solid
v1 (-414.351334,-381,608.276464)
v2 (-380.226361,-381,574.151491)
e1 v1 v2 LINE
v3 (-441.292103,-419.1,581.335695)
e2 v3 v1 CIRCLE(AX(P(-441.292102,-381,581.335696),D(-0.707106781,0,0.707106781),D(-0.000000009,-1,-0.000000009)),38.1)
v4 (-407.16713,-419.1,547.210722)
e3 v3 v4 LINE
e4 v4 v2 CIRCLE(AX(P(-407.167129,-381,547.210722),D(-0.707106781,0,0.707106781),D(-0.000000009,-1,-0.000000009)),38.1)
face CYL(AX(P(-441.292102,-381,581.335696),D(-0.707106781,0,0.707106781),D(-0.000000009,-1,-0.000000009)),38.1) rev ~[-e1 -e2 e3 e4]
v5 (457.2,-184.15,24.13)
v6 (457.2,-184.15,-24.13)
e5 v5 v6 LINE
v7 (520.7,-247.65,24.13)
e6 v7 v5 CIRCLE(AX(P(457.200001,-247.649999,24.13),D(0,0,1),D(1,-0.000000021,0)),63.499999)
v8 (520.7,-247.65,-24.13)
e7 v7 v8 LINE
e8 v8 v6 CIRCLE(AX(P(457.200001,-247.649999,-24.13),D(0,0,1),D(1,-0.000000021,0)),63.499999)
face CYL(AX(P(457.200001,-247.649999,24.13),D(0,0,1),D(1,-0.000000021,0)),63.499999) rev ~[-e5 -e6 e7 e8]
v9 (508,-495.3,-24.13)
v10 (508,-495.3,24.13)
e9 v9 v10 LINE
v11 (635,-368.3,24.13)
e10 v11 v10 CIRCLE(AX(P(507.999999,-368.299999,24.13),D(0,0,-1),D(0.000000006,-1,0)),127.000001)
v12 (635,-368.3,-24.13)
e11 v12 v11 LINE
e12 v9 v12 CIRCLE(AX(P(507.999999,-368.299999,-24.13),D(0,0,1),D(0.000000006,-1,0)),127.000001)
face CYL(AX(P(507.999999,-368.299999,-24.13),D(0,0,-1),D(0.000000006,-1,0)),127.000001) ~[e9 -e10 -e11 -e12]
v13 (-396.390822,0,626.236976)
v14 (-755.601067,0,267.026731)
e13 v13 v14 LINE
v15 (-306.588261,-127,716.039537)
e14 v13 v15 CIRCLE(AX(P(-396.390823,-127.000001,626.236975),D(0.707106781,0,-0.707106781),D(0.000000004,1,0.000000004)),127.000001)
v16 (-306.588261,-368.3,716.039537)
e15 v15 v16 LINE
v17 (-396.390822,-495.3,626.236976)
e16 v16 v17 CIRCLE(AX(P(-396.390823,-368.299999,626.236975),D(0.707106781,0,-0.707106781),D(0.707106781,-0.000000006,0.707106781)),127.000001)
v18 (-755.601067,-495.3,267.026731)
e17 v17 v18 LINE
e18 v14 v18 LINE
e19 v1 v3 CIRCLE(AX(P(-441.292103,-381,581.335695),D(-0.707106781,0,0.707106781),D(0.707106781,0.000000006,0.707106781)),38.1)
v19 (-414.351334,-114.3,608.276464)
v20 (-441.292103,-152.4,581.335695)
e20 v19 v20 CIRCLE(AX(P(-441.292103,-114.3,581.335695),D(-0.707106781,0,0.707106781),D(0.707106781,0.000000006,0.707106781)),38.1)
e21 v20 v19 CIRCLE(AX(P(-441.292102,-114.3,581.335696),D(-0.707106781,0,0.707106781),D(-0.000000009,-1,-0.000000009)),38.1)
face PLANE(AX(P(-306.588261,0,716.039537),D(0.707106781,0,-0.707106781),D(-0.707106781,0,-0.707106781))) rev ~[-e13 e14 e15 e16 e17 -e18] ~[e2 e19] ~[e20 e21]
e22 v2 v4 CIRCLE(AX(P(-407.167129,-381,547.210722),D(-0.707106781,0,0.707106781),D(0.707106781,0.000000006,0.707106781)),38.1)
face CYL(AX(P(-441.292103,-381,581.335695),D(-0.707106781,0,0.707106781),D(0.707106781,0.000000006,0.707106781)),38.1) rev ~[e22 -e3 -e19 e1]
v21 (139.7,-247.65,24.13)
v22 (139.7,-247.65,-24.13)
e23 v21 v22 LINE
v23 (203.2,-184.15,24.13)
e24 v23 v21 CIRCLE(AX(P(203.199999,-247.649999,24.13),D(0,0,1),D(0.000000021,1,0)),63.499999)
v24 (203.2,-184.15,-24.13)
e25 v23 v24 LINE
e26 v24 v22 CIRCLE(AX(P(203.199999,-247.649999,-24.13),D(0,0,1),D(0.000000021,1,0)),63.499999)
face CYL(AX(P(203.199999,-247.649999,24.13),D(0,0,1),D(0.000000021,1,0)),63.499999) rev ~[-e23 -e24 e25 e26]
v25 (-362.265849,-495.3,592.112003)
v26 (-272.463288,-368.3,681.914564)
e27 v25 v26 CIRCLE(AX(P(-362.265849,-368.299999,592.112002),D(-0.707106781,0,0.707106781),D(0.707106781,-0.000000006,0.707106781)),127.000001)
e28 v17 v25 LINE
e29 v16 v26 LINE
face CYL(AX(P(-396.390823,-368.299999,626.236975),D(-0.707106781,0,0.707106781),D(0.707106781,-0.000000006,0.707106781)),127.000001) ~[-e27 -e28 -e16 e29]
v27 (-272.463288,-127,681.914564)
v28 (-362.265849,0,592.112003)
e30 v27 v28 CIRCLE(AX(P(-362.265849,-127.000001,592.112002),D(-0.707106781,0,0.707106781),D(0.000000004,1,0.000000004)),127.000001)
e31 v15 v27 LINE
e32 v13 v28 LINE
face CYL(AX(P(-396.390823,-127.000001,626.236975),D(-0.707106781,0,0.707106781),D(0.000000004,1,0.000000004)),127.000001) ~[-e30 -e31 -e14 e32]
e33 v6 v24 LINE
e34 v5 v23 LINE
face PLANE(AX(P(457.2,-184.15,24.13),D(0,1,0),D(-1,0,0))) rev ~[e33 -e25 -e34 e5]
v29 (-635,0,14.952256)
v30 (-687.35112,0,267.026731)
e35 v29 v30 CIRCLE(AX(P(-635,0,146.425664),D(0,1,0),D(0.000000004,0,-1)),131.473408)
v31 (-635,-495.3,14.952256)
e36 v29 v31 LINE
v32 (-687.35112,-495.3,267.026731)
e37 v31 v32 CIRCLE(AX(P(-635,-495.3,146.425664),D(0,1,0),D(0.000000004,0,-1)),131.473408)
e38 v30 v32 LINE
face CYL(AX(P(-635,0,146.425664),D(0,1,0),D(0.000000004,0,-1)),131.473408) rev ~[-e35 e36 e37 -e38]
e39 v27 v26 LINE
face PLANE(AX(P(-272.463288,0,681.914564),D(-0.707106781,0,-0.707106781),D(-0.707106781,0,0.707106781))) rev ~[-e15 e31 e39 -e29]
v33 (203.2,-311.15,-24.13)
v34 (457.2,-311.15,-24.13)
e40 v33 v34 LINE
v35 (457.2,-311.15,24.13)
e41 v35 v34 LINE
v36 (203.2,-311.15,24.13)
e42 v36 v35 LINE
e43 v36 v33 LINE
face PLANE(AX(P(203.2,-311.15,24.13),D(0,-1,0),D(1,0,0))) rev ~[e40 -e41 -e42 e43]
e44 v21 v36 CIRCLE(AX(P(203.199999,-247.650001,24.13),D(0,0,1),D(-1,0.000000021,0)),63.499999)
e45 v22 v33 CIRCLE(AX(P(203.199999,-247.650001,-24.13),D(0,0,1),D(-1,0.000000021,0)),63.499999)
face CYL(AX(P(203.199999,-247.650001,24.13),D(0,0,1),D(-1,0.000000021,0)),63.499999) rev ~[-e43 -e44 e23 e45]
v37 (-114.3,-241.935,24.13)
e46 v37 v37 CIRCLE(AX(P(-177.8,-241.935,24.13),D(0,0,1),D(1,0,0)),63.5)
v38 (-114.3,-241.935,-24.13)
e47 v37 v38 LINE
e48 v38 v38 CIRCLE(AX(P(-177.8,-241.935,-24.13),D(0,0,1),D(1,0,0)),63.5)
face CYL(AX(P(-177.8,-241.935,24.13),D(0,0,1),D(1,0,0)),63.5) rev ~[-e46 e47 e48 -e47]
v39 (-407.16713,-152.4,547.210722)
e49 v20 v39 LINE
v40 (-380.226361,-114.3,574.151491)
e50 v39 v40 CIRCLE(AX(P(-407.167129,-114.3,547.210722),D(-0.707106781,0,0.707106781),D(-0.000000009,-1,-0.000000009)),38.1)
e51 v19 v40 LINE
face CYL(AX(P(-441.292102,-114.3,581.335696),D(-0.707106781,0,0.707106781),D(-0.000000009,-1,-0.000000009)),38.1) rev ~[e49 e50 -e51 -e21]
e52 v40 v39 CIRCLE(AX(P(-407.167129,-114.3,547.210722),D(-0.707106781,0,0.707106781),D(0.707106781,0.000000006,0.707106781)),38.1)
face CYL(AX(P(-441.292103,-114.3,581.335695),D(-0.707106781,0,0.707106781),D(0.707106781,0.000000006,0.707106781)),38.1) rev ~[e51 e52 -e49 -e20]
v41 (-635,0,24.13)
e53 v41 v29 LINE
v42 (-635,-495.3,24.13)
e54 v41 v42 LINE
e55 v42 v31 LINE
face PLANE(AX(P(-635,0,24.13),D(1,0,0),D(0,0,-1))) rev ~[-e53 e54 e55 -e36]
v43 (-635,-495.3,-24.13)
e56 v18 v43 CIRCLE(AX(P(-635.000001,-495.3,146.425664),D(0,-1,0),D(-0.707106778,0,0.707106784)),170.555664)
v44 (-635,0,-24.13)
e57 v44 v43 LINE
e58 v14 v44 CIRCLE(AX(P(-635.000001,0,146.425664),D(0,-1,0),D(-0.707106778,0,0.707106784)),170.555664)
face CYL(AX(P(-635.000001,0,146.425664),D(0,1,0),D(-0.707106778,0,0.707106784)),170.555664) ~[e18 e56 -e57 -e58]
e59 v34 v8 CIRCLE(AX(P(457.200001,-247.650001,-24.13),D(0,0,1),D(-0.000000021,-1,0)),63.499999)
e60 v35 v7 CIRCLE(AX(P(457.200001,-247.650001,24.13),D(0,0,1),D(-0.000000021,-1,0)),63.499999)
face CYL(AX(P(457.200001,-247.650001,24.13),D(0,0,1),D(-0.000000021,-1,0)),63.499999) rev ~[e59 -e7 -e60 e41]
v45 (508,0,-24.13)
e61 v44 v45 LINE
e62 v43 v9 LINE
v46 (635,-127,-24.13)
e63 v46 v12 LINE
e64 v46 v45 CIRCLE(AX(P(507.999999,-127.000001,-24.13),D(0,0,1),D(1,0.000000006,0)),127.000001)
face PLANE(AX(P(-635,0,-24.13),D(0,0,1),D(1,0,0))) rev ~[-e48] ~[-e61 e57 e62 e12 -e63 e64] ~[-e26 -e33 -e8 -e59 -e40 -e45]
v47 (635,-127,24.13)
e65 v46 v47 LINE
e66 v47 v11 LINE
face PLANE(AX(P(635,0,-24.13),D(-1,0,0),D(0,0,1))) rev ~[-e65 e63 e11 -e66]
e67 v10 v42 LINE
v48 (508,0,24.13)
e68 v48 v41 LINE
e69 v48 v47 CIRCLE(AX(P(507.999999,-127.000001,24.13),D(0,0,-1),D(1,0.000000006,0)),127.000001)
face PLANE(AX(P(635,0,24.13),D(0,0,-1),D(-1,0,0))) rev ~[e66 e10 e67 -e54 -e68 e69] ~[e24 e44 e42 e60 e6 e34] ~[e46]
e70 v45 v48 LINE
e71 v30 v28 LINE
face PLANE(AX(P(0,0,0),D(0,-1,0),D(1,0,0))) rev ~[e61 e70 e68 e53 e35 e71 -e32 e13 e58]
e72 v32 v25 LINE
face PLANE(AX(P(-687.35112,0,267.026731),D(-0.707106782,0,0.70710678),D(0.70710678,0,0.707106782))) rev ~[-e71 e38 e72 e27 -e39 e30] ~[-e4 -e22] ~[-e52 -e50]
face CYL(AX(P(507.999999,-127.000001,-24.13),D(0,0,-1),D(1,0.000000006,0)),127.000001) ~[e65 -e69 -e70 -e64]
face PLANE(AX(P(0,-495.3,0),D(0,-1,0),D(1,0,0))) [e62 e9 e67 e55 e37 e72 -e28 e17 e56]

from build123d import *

# Parameters (mm, degrees)
F1_DEPTH  = 495.3
F3_DEPTH  = 101.6
F4_R      = 63.5
F5_DEPTH  = 101.6
F7_DEPTH  = 127
F9_DEPTH  = 127
F11_DEPTH = 127
F13_DEPTH = 127


with BuildPart() as f1:
    # F0 (on Front) → F1 (new body)
    with BuildSketch(Plane.XZ):
        Polygon((635, -24.13), (635, 24.13), (-635, 24.13), (-635, 14.952256), (-635, -24.13), align=None)
        with BuildLine():
            Line((-635, -24.13), (-635, 14.952256))
            ThreePointArc((-635, 14.952256), (-763.72663, 119.691568), (-687.35112, 267.026731))
            Line((-687.35112, 267.026731), (-272.463288, 681.914564))
            Line((-272.463288, 681.914564), (-306.588261, 716.039537))
            Line((-306.588261, 716.039537), (-755.601067, 267.026731))
            ThreePointArc((-755.601067, 267.026731), (-792.572888, 81.156837), (-635, -24.13))
        make_face()
    extrude(amount=F1_DEPTH)

    # F2 (on face) → F3 (cut)
    with BuildSketch(Plane(origin=(-511.313899, 0, 511.313899), x_dir=(0, -1, 0), z_dir=(-0.707107, 0, 0.707107))):
        with BuildLine():
            ThreePointArc((152.4, 99.025774), (141.240768, 125.966543), (114.3, 137.125774))
            ThreePointArc((114.3, 137.125774), (87.359232, 72.085006), (152.4, 99.025774))
        make_face()
        with BuildLine():
            ThreePointArc((419.1, 99.025774), (407.940768, 125.966543), (381, 137.125774))
            ThreePointArc((381, 137.125774), (354.059232, 72.085006), (419.1, 99.025774))
        make_face()
    extrude(amount=-F3_DEPTH, mode=Mode.SUBTRACT)

    # F4 (on face) → F5 (cut)
    with BuildSketch(Plane.XY.offset(24.13)):
        with Locations((-177.8, -241.935)):
            Circle(F4_R)
        with BuildLine():
            Line((139.7, -247.65), (520.7, -247.65))
            ThreePointArc((520.7, -247.65), (502.101281, -202.748719), (457.2, -184.15))
            Line((457.2, -184.15), (203.2, -184.15))
            ThreePointArc((203.2, -184.15), (158.298719, -202.748719), (139.7, -247.65))
        make_face()
        with BuildLine():
            ThreePointArc((457.2, -311.15), (502.101281, -292.551281), (520.7, -247.65))
            Line((520.7, -247.65), (139.7, -247.65))
            ThreePointArc((139.7, -247.65), (158.298719, -292.551281), (203.2, -311.15))
            Line((203.2, -311.15), (457.2, -311.15))
        make_face()
    extrude(amount=-F5_DEPTH, mode=Mode.SUBTRACT)

    # F6 (on face) → F7 (cut)
    with BuildSketch(Plane(origin=(-511.313899, 0, 511.313899), x_dir=(0, -1, 0), z_dir=(-0.707107, 0, 0.707107))):
        with BuildLine():
            Line((127, 289.525774), (0, 289.525774))
            Line((0, 289.525774), (0, 162.525774))
            ThreePointArc((0, 162.525774), (37.197439, 252.328335), (127, 289.525774))
        make_face()
    extrude(amount=-F7_DEPTH, mode=Mode.SUBTRACT)

    # F8 (on face) → F9 (cut)
    with BuildSketch(Plane(origin=(-511.313899, 0, 511.313899), x_dir=(0, -1, 0), z_dir=(-0.707107, 0, 0.707107))):
        with BuildLine():
            Line((495.3, 162.525774), (495.3, 289.525774))
            Line((495.3, 289.525774), (368.3, 289.525774))
            ThreePointArc((368.3, 289.525774), (458.102561, 252.328335), (495.3, 162.525774))
        make_face()
    extrude(amount=-F9_DEPTH, mode=Mode.SUBTRACT)

    # F10 (on face) → F11 (cut)
    with BuildSketch(Plane(origin=(0, 0, -24.13), x_dir=(1, 0, 0), z_dir=(0, 0, -1))):
        with BuildLine():
            Line((635, 368.3), (635, 495.3))
            Line((635, 495.3), (508, 495.3))
            ThreePointArc((508, 495.3), (597.802561, 458.102561), (635, 368.3))
        make_face()
    extrude(amount=-F11_DEPTH, mode=Mode.SUBTRACT)

    # F12 (on face) → F13 (cut)
    with BuildSketch(Plane(origin=(0, 0, -24.13), x_dir=(1, 0, 0), z_dir=(0, 0, -1))):
        with BuildLine():
            Line((508, 0), (635, 0))
            Line((635, 0), (635, 127))
            ThreePointArc((635, 127), (597.802561, 37.197439), (508, 0))
        make_face()
    extrude(amount=-F13_DEPTH, mode=Mode.SUBTRACT)


solid = f1.part
